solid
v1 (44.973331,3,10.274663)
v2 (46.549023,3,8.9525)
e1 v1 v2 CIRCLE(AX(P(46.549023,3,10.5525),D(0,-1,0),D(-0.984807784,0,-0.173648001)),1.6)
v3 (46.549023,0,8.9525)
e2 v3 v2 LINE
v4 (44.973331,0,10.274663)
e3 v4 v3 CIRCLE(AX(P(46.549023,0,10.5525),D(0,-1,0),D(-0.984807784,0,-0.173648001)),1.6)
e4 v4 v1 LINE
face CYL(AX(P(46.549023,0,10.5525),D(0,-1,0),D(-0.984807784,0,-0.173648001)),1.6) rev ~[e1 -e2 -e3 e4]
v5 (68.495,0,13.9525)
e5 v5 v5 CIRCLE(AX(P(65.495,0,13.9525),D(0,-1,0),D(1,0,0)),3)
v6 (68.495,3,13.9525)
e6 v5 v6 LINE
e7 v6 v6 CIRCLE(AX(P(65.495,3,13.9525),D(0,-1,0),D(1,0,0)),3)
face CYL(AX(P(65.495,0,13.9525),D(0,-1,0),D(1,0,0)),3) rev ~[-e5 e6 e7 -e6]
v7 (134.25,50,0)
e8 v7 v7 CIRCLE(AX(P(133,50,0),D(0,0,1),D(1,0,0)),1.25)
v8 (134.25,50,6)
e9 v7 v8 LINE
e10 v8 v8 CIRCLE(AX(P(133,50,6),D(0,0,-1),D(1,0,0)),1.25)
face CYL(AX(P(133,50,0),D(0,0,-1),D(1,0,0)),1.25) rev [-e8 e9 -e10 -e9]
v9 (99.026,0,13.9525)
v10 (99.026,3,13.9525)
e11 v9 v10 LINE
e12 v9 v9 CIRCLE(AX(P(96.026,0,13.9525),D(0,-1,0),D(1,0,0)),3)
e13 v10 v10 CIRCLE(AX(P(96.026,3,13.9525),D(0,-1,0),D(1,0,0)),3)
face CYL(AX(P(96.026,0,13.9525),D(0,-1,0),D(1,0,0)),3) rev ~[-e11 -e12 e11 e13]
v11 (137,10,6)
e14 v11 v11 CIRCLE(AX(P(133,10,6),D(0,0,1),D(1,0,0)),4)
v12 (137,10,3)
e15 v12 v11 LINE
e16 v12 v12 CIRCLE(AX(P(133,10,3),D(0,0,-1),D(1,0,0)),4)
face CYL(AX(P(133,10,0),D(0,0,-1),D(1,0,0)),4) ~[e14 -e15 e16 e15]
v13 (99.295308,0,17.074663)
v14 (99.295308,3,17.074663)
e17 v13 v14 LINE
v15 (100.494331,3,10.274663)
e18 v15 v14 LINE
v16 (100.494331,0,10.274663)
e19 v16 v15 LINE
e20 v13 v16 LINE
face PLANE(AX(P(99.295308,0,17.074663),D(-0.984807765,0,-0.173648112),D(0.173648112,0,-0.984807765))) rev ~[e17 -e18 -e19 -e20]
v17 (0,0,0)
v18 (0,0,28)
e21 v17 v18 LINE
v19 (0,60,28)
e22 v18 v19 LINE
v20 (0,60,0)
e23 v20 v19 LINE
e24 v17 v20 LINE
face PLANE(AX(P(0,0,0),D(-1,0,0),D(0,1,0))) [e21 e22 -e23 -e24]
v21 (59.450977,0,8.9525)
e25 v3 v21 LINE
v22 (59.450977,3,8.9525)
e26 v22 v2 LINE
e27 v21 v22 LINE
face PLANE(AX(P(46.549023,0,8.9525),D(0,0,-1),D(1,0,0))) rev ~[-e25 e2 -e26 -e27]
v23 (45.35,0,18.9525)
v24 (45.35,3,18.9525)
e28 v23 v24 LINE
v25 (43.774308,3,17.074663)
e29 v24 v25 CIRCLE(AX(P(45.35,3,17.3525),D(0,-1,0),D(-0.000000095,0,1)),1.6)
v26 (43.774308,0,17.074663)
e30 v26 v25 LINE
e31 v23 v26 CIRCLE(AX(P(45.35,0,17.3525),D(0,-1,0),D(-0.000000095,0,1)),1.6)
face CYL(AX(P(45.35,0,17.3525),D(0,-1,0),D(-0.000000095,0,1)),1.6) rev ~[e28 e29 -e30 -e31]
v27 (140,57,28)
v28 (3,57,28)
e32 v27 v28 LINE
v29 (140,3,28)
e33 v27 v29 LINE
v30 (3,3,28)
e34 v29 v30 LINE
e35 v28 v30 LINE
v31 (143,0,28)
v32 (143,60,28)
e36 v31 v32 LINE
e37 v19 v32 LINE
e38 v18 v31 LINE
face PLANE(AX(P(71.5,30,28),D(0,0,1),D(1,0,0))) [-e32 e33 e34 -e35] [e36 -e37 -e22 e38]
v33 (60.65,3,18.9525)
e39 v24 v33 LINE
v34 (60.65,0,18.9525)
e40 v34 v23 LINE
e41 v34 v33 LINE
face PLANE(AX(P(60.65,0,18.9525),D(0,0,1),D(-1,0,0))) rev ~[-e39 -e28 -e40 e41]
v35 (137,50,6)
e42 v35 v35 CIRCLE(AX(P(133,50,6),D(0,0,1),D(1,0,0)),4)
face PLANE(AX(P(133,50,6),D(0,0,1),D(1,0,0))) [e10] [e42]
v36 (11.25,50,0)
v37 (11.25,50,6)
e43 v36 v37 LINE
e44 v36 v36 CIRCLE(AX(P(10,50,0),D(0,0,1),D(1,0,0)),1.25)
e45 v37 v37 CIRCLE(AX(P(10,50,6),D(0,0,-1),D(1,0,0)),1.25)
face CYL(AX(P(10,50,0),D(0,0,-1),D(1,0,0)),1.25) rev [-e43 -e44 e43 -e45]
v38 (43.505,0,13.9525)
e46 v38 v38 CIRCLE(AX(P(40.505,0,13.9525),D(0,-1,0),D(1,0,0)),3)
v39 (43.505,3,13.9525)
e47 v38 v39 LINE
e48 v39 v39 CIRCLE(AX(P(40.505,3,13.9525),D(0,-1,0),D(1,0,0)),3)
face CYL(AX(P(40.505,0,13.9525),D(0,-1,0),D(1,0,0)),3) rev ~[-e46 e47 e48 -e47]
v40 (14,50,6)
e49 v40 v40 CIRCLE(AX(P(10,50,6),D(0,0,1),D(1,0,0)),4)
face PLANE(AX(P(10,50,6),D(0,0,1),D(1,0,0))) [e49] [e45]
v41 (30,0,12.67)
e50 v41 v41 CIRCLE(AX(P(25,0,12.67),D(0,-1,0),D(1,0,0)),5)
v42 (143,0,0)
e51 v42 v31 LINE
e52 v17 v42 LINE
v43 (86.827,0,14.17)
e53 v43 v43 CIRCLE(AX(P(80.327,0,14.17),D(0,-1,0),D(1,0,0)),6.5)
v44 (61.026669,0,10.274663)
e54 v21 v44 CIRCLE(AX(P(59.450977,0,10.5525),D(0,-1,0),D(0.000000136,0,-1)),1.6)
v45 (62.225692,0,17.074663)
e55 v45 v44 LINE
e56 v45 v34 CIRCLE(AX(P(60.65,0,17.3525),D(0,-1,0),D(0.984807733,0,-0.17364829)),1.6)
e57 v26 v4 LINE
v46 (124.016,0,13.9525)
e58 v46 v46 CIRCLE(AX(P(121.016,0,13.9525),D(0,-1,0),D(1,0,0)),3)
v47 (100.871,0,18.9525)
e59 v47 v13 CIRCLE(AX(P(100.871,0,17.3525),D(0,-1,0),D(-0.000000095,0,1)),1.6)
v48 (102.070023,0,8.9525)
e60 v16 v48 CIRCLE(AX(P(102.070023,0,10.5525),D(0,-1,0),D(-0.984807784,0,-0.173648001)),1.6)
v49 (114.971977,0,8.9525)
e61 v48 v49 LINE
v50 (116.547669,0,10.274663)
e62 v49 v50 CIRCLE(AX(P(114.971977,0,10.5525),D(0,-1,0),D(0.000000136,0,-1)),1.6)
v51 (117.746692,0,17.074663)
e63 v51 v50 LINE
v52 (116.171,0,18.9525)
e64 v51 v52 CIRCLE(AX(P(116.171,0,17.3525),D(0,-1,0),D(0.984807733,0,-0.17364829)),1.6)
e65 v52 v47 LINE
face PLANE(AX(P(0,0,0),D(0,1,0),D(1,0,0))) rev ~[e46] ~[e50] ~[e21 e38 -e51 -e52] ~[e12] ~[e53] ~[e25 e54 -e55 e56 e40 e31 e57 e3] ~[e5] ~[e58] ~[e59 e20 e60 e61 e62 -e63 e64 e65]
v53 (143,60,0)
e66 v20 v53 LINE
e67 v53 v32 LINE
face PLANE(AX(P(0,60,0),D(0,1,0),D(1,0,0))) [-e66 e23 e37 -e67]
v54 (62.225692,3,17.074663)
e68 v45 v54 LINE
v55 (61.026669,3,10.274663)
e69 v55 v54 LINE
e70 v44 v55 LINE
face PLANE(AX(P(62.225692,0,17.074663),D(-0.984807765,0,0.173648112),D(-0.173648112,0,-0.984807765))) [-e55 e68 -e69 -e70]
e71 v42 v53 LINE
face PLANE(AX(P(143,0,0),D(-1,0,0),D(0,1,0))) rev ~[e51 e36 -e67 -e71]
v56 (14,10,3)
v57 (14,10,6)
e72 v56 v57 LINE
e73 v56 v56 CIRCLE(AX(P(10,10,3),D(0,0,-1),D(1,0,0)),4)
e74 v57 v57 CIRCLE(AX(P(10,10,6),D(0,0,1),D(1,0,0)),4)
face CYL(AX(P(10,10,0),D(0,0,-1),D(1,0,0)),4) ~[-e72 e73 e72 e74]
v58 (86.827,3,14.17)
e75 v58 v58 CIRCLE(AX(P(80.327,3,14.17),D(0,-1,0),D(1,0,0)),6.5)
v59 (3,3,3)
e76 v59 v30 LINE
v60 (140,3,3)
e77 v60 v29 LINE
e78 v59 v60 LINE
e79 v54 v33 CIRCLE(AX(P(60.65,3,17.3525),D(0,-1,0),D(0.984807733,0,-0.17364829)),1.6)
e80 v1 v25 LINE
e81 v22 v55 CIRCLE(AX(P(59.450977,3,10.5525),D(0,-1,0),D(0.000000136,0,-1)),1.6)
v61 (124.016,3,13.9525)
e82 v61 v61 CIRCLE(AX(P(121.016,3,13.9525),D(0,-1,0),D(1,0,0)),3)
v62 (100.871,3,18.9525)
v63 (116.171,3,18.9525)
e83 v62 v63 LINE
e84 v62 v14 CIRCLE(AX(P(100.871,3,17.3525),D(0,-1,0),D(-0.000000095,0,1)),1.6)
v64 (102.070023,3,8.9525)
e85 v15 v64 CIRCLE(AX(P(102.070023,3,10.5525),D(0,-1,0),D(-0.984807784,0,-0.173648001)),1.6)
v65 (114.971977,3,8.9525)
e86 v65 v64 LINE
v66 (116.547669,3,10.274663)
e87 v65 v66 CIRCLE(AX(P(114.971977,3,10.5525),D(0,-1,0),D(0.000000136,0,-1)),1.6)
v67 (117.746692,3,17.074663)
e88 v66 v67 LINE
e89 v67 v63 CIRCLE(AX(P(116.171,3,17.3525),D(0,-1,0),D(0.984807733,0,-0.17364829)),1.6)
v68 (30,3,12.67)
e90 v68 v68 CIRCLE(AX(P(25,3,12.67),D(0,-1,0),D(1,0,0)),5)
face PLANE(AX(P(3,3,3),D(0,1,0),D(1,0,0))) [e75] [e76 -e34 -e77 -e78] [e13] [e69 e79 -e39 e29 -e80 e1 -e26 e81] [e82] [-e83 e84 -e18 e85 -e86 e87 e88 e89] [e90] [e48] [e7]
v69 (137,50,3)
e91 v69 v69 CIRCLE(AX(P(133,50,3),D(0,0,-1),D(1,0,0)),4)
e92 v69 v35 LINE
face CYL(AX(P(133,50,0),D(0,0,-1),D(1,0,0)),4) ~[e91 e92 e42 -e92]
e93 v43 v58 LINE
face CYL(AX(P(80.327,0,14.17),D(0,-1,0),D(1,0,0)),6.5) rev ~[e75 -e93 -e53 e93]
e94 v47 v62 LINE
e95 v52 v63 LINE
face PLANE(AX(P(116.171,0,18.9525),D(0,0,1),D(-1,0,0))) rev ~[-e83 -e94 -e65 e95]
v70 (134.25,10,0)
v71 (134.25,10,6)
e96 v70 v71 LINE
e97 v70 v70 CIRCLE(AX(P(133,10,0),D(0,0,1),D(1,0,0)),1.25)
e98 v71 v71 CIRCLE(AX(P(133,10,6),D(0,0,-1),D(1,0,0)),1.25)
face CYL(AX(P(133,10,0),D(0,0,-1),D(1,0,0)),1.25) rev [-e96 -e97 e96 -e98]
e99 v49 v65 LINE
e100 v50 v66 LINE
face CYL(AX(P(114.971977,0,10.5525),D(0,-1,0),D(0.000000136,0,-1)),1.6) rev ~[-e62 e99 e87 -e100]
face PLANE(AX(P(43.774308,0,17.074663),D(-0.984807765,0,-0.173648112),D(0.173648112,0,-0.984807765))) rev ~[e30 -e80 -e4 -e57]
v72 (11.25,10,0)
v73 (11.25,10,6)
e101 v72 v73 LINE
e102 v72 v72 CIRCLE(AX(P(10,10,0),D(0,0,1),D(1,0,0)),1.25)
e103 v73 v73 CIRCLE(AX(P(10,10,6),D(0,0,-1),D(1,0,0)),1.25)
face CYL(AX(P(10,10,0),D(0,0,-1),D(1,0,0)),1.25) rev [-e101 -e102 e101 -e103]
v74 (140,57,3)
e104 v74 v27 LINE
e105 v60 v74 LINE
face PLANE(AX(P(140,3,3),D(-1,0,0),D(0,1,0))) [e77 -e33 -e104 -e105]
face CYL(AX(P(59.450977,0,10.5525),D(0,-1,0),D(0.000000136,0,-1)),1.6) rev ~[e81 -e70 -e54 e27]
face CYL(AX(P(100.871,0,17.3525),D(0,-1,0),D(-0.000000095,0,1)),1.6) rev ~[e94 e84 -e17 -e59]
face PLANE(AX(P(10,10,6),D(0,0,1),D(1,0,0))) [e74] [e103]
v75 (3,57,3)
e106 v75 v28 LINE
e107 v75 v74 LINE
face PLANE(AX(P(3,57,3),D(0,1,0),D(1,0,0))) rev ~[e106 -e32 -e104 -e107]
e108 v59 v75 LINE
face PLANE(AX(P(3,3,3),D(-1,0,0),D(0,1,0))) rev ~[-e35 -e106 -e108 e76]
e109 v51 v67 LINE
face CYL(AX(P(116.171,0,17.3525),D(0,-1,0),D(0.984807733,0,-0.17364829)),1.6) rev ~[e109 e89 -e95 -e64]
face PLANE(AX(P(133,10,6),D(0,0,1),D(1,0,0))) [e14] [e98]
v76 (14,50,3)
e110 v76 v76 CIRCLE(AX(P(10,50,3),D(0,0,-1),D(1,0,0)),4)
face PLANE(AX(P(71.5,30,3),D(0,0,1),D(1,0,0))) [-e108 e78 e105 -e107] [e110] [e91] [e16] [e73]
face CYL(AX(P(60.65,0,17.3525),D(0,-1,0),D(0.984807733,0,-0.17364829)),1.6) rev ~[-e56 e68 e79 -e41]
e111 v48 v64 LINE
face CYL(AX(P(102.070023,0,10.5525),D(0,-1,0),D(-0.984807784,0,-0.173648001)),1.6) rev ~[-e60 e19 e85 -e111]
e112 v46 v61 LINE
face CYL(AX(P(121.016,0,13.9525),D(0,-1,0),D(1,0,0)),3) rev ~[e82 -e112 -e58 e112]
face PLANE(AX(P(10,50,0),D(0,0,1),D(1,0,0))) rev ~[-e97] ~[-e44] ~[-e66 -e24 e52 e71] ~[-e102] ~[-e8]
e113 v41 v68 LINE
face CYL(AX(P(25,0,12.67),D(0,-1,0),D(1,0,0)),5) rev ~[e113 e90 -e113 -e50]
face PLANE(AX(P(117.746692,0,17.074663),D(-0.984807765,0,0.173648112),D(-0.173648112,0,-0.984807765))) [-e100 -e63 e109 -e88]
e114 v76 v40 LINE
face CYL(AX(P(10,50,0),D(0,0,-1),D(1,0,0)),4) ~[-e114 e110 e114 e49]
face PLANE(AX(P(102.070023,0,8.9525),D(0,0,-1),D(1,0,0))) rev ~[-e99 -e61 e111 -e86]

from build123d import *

# Parameters (mm, degrees)
SKETCH_W        = 143
SKETCH_H        = 60
PAD_DEPTH       = 28
SKETCH002_W     = 137
SKETCH002_H     = 54
POCKET_DEPTH    = 25.001
SKETCH001_R     = 4
PAD001_DEPTH    = 6
SKETCH003_R     = 1.25
POCKET001_DEPTH = 28.001
SKETCH004_R     = 3.25
SKETCH004_R_2   = 3
SKETCH004_R_3   = 4.75
POCKET002_DEPTH = 5
SKETCH005_R     = 5
SKETCH005_R_2   = 6.5
POCKET003_DEPTH = 5


with BuildPart() as part:
    # Sketch → Pad (new body)
    with BuildSketch(Plane.XY):
        with Locations((71.5, 30)):
            Rectangle(SKETCH_W, SKETCH_H)
    extrude(amount=PAD_DEPTH)

    # Sketch002 → Pocket (cut, through all)
    with BuildSketch(Plane.XY.offset(3)):
        with Locations((71.5, 30)):
            Rectangle(SKETCH002_W, SKETCH002_H)
    extrude(amount=POCKET_DEPTH, mode=Mode.SUBTRACT)

    # Sketch001 → Pad001 (join)
    with BuildSketch(Plane.XY):
        with Locations((10, 50)):
            Circle(SKETCH001_R)
        with Locations((10, 10)):
            Circle(SKETCH001_R)
        with Locations((133, 50)):
            Circle(SKETCH001_R)
        with Locations((133, 10)):
            Circle(SKETCH001_R)
    extrude(amount=PAD001_DEPTH)

    # Sketch003 → Pocket001 (cut, through all)
    with BuildSketch(Plane.XY):
        with Locations((10, 10)):
            Circle(SKETCH003_R)
        with Locations((133, 10)):
            Circle(SKETCH003_R)
        with Locations((133, 50)):
            Circle(SKETCH003_R)
        with Locations((10, 50)):
            Circle(SKETCH003_R)
    extrude(amount=POCKET001_DEPTH, mode=Mode.SUBTRACT)

    # Sketch004 → Pocket002 (cut)
    with BuildSketch(Plane.XZ):
        with Locations((25, 12.67)):
            Circle(SKETCH004_R)
        with Locations((40.505, 13.9525)):
            Circle(SKETCH004_R_2)
        with Locations((65.495, 13.9525)):
            Circle(SKETCH004_R_2)
        with Locations((80.327, 14.17)):
            Circle(SKETCH004_R_3)
        with Locations((96.026, 13.9525)):
            Circle(SKETCH004_R_2)
        with Locations((121.016, 13.9525)):
            Circle(SKETCH004_R_2)
        with BuildLine():
            Line((46.549023, 8.9525), (59.450977, 8.9525))
            ThreePointArc((59.450977, 8.9525), (60.479437, 9.326829), (61.026669, 10.274663))
            Line((62.225692, 17.074663), (61.026669, 10.274663))
            ThreePointArc((62.225692, 17.074663), (61.875671, 18.38096), (60.65, 18.9525))
            Line((60.65, 18.9525), (45.35, 18.9525))
            ThreePointArc((45.35, 18.9525), (44.124329, 18.38096), (43.774308, 17.074663))
            Line((43.774308, 17.074663), (44.973331, 10.274663))
            ThreePointArc((44.973331, 10.274663), (45.520563, 9.326829), (46.549023, 8.9525))
        make_face()
        with BuildLine():
            Line((102.070023, 8.9525), (114.971977, 8.9525))
            ThreePointArc((114.971977, 8.9525), (116.000437, 9.326829), (116.547669, 10.274663))
            Line((117.746692, 17.074663), (116.547669, 10.274663))
            ThreePointArc((117.746692, 17.074663), (117.396671, 18.38096), (116.171, 18.9525))
            Line((116.171, 18.9525), (100.871, 18.9525))
            ThreePointArc((100.871, 18.9525), (99.645329, 18.38096), (99.295308, 17.074663))
            Line((99.295308, 17.074663), (100.494331, 10.274663))
            ThreePointArc((100.494331, 10.274663), (101.041563, 9.326829), (102.070023, 8.9525))
        make_face()
    extrude(amount=-POCKET002_DEPTH, mode=Mode.SUBTRACT)

    # Sketch005 → Pocket003 (cut)
    with BuildSketch(Plane.XZ):
        with Locations((25, 12.67)):
            Circle(SKETCH005_R)
        with Locations((80.327, 14.17)):
            Circle(SKETCH005_R_2)
    extrude(amount=-POCKET003_DEPTH, mode=Mode.SUBTRACT)


solid = part.part
